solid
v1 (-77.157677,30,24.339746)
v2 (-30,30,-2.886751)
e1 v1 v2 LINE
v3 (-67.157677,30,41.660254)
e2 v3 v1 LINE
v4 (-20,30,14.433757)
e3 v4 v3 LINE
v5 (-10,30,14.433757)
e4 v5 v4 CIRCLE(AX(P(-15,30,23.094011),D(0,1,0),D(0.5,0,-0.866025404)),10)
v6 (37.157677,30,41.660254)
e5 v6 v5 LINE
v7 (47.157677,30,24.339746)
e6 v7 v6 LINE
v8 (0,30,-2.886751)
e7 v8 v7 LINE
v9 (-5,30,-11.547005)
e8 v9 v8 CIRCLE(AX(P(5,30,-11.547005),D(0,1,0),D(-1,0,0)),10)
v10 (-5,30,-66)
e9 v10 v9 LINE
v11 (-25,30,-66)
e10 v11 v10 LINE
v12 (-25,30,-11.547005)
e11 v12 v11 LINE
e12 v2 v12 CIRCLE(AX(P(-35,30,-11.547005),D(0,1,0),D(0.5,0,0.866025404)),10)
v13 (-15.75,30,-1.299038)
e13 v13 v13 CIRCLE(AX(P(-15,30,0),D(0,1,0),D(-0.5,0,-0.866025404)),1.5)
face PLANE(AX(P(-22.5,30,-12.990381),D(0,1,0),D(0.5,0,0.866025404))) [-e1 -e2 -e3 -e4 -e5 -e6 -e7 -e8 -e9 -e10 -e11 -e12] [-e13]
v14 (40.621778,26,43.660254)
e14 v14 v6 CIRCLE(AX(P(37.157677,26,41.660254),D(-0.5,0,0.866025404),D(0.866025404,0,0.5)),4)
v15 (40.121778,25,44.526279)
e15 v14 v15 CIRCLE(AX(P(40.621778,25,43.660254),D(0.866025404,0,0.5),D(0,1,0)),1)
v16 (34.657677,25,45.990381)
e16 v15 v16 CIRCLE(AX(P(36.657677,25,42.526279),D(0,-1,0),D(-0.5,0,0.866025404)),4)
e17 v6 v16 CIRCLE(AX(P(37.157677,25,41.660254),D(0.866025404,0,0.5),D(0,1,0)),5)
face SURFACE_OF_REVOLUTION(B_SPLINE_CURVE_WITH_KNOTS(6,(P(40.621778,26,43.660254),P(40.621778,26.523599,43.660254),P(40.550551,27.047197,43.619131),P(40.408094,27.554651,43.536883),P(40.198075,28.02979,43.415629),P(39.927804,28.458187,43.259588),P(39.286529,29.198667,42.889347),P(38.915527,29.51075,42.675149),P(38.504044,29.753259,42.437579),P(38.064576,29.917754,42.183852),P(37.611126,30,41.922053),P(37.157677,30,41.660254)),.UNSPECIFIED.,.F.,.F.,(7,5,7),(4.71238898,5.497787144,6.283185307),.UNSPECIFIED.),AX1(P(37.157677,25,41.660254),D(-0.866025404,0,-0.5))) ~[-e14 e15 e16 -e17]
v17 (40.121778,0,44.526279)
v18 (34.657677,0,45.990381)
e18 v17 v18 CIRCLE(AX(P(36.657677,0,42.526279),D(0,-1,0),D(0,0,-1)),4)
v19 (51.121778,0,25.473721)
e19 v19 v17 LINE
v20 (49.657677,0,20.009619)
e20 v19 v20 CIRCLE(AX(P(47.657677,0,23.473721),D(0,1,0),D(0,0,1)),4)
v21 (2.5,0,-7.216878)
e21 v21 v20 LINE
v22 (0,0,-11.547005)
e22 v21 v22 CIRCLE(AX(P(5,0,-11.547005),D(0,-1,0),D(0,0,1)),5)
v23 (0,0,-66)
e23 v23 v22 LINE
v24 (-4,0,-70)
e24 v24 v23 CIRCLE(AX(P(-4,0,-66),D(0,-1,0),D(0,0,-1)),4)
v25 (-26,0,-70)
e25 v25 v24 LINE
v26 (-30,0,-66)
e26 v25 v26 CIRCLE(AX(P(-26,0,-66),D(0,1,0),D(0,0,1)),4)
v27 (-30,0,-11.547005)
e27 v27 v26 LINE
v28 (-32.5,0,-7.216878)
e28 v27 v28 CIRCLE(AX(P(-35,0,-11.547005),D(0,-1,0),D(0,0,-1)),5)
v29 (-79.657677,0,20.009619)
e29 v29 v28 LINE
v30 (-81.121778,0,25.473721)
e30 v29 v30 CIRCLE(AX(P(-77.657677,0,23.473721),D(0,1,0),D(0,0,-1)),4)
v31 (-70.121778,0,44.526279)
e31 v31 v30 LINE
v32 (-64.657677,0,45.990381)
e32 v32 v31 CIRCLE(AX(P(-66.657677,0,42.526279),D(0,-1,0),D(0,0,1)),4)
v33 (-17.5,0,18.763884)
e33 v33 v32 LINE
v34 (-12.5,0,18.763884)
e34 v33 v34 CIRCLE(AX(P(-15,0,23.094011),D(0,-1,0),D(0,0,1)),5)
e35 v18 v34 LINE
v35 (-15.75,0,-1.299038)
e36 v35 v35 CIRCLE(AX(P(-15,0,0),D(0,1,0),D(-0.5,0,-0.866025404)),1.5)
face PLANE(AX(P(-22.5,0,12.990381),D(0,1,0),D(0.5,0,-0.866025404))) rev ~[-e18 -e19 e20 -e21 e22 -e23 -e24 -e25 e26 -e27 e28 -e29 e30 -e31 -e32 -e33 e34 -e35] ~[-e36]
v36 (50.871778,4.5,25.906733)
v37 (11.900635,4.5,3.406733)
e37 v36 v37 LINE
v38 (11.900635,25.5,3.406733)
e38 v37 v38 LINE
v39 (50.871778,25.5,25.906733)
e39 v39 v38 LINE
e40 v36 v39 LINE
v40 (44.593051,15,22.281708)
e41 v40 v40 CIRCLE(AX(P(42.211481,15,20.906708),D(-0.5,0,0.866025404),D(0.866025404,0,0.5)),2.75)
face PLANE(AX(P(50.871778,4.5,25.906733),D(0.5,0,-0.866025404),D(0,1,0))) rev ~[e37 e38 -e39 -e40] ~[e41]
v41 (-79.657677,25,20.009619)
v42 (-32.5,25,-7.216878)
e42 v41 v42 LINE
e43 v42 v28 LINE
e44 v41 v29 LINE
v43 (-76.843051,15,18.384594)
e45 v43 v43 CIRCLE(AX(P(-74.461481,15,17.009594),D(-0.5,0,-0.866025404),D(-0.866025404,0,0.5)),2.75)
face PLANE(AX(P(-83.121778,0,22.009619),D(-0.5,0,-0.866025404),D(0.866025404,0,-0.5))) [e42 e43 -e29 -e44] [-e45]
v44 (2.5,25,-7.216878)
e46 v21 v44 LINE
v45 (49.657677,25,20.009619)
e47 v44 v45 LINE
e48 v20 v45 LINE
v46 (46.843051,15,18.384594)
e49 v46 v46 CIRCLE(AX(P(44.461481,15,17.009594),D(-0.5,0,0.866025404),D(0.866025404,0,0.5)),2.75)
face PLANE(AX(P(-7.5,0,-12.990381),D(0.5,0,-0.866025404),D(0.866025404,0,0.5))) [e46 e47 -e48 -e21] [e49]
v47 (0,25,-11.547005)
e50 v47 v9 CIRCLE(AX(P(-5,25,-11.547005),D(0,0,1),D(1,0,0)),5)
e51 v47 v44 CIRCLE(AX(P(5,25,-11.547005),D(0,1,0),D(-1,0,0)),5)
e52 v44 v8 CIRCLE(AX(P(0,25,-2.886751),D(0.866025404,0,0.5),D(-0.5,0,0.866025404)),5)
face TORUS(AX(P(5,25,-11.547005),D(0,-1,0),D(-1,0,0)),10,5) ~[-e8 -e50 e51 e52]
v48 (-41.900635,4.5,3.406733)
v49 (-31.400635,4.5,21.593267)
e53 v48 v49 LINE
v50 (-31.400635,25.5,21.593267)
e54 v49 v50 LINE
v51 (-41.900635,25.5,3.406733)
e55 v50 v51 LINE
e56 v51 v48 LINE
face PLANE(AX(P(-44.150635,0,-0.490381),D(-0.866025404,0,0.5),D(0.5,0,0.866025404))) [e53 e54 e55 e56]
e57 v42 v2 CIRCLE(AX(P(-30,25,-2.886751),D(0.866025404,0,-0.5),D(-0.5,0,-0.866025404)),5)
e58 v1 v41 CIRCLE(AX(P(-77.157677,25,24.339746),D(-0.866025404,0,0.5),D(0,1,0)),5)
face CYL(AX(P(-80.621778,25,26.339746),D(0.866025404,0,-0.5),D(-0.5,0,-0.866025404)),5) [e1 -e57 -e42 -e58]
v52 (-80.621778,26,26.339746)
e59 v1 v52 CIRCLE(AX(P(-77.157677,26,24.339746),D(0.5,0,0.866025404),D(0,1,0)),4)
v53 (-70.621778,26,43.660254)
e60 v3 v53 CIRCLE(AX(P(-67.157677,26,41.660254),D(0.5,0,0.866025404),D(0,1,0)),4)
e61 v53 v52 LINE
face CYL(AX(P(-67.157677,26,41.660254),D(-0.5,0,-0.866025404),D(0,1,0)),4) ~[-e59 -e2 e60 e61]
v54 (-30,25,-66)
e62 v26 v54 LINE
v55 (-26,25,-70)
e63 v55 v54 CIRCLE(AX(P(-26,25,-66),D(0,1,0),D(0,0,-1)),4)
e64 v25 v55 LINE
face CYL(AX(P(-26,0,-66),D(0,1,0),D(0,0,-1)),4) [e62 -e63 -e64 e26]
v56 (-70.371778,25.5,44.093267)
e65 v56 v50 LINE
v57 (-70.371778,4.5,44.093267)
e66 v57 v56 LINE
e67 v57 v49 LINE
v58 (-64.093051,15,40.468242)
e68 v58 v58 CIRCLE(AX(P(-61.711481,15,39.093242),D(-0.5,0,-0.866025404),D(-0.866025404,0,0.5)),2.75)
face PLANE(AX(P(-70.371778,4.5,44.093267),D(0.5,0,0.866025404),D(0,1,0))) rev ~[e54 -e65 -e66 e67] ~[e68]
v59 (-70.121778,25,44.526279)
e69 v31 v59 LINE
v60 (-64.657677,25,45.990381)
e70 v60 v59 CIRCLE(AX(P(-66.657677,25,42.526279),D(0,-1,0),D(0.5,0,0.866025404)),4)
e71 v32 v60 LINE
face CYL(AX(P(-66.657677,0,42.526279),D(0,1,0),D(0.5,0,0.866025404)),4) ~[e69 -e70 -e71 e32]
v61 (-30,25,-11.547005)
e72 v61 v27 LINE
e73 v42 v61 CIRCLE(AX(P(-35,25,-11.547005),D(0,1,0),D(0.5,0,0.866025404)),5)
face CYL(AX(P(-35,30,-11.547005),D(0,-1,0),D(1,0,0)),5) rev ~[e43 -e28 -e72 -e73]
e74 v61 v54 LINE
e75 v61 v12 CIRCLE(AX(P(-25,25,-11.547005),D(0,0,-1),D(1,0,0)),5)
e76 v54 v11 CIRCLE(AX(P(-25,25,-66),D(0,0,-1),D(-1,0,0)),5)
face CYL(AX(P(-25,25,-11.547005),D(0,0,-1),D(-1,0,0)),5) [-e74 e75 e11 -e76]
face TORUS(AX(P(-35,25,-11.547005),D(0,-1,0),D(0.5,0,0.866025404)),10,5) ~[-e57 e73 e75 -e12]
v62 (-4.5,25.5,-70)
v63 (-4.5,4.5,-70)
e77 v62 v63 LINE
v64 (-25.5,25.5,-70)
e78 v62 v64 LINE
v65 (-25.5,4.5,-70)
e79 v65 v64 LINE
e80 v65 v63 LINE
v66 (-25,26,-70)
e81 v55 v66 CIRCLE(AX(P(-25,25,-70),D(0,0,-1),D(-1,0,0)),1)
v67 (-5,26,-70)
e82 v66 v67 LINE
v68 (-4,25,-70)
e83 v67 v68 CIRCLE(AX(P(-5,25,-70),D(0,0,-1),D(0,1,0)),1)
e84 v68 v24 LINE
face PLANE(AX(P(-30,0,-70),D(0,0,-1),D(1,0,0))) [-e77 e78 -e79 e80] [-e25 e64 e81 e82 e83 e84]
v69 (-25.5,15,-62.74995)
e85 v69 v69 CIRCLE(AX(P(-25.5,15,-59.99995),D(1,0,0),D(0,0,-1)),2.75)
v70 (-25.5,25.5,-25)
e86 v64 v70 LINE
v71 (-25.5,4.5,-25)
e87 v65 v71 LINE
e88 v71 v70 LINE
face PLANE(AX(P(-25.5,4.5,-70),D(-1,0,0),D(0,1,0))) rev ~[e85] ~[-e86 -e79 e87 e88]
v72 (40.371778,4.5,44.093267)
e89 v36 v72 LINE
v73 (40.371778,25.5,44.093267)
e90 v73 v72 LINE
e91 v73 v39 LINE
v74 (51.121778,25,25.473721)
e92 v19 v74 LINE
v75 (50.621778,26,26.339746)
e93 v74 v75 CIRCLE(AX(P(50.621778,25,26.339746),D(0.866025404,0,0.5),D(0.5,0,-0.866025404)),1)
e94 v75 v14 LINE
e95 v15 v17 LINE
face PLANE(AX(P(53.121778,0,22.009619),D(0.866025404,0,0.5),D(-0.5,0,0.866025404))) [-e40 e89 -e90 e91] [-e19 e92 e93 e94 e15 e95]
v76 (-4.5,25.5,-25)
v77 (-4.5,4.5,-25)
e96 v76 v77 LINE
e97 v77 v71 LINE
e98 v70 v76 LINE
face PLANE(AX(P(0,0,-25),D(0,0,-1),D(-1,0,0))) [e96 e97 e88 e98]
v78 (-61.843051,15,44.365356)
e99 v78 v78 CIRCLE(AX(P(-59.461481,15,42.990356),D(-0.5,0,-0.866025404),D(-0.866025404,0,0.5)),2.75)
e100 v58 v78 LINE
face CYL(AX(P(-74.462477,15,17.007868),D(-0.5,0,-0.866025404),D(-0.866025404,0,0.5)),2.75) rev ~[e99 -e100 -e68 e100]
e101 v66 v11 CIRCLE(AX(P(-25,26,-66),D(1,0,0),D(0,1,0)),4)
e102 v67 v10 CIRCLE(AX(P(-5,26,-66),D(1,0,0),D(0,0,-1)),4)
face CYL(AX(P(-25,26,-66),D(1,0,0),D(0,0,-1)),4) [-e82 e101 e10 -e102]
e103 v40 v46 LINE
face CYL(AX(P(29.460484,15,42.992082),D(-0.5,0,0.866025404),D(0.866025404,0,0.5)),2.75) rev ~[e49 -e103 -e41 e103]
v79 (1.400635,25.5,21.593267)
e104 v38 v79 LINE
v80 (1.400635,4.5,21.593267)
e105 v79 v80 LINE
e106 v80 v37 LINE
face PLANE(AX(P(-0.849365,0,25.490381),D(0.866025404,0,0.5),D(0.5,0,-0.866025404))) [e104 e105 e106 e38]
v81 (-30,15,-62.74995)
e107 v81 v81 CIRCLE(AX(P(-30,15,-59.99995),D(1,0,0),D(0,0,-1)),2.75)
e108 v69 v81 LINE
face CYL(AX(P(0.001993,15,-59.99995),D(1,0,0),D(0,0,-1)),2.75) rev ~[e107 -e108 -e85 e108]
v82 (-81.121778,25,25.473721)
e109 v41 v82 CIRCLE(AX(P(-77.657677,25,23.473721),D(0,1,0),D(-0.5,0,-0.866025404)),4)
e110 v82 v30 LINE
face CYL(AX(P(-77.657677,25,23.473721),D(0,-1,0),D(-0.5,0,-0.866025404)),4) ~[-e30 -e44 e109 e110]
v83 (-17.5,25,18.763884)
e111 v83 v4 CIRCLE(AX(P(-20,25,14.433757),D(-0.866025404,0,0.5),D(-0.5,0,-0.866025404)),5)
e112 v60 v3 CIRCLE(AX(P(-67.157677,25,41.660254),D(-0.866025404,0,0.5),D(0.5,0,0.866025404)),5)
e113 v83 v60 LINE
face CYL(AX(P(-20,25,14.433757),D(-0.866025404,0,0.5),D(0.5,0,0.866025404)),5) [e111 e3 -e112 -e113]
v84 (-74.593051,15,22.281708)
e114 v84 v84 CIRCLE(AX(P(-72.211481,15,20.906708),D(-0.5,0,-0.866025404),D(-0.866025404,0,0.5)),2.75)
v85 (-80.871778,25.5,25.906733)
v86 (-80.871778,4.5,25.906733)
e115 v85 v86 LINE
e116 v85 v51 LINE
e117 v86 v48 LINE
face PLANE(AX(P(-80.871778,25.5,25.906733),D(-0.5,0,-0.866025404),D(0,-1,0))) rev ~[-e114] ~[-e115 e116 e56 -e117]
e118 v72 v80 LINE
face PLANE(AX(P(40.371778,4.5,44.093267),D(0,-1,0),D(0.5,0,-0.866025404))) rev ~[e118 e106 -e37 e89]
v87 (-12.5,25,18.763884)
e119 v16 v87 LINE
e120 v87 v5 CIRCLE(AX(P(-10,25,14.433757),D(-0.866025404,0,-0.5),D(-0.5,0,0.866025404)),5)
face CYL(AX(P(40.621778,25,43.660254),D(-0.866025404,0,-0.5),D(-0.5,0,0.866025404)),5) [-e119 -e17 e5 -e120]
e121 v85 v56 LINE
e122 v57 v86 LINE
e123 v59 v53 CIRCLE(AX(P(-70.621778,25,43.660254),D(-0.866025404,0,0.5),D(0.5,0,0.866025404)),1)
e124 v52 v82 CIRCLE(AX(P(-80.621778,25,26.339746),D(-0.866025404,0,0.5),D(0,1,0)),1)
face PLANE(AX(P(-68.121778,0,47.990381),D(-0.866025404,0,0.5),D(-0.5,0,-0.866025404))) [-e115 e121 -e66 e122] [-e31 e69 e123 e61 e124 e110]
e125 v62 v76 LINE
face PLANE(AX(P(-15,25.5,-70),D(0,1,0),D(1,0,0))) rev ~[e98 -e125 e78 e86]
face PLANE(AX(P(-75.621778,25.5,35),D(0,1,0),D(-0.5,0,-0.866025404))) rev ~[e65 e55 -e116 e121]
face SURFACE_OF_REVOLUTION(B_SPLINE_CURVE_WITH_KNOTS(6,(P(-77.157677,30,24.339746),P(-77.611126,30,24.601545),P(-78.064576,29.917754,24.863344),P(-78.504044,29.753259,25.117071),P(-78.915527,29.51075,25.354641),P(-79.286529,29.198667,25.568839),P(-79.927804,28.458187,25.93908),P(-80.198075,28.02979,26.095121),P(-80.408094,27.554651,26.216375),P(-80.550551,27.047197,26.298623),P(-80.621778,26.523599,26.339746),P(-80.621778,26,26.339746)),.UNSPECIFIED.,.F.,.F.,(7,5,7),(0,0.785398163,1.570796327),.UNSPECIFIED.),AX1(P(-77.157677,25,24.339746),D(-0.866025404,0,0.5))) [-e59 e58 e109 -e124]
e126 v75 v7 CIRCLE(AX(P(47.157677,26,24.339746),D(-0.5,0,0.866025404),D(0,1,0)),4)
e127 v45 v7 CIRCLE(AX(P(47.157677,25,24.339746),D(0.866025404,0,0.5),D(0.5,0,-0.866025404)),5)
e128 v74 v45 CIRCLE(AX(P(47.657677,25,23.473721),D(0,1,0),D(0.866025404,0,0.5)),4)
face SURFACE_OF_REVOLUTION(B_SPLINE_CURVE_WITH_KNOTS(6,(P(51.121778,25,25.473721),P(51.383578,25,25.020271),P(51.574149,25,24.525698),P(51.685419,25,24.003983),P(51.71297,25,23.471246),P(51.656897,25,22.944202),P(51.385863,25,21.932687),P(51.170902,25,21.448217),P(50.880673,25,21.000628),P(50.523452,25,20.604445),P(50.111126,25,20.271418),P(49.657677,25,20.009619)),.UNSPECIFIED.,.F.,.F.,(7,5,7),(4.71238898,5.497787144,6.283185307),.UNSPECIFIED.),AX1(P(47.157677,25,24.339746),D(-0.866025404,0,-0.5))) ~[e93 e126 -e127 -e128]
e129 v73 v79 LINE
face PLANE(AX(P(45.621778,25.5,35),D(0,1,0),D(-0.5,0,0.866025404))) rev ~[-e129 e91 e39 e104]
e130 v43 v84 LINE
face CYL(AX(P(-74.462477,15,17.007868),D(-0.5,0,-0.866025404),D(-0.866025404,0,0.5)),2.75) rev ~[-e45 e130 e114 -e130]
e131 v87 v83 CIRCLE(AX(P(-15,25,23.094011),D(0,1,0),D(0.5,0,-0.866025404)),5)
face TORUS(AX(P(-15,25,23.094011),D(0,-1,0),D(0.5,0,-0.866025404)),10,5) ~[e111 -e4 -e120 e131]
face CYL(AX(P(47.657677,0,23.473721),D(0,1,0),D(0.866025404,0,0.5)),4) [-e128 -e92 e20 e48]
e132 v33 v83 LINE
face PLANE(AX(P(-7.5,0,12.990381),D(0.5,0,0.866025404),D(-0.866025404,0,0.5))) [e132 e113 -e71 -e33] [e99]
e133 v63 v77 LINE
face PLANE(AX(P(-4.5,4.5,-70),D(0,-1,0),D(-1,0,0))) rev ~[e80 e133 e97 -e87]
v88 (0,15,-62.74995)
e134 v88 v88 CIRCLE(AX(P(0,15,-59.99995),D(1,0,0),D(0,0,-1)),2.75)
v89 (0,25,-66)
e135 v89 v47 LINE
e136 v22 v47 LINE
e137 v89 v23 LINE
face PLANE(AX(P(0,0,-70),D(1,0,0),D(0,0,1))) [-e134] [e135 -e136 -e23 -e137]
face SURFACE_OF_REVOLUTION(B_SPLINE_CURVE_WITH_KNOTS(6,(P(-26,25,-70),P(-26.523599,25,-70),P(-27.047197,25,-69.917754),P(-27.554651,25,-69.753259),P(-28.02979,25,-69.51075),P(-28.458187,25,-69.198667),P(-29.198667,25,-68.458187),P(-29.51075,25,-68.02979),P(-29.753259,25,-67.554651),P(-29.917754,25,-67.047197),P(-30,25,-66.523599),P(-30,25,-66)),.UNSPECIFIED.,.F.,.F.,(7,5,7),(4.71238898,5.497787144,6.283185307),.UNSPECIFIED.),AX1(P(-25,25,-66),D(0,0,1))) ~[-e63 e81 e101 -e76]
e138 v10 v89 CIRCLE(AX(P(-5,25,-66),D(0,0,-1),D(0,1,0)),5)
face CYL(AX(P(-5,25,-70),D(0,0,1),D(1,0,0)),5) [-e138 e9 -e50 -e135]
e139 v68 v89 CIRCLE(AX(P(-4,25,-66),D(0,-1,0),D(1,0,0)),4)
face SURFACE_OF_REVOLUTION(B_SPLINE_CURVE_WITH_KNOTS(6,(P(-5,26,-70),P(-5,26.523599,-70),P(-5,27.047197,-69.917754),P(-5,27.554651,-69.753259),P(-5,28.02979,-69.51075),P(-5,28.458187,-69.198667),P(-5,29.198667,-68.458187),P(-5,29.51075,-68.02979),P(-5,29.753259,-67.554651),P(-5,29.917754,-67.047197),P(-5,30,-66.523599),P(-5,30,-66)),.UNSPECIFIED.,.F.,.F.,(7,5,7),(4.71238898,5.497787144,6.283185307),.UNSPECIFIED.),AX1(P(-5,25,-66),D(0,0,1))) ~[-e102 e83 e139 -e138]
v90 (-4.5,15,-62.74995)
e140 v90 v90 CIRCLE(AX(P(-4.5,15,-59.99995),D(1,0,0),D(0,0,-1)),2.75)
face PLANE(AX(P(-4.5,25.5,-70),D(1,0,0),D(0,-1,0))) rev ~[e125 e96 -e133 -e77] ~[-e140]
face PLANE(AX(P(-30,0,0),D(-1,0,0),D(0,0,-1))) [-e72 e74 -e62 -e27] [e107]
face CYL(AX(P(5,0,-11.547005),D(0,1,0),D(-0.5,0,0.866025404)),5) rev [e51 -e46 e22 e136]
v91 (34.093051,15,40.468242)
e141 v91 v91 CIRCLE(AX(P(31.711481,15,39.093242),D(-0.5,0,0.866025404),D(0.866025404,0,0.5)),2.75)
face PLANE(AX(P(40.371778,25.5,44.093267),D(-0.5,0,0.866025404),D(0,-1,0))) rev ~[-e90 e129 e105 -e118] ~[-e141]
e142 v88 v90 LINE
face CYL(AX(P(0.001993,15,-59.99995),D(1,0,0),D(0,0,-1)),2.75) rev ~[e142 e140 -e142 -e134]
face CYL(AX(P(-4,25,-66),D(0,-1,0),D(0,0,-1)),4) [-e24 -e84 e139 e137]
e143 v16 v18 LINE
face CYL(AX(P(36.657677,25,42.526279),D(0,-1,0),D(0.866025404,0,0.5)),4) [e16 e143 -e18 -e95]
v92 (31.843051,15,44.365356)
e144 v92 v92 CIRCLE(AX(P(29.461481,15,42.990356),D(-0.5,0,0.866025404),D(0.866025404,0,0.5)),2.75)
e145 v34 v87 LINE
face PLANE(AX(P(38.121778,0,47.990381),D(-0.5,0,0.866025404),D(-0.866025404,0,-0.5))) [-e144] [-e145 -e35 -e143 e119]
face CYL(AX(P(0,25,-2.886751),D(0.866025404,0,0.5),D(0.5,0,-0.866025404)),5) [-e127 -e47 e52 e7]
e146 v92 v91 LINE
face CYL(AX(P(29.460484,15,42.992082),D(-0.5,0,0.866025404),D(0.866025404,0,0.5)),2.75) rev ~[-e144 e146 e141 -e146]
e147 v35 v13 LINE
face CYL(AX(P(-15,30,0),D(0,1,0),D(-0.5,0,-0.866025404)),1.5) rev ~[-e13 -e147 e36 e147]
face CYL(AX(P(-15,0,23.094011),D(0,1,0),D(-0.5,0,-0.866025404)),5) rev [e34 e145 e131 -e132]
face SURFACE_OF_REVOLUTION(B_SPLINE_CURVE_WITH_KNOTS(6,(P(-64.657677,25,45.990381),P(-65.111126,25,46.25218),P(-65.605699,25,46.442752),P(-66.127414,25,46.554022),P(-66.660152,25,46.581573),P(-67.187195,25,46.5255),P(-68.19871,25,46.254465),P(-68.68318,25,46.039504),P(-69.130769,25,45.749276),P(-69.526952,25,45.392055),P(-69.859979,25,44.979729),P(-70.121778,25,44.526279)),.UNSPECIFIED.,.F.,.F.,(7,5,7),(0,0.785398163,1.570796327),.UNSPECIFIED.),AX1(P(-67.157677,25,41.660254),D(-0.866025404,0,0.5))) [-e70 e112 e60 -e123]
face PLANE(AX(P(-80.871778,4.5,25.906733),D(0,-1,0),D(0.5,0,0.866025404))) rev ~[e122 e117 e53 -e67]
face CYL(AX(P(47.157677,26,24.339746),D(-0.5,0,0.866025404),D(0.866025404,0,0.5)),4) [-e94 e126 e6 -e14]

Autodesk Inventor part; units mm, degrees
ref_plane "YZ Plane" through (0, 0, 0) normal (1, 0, 0) x (0, 1, 0)
ref_plane "XZ Plane" through (0, 0, 0) normal (0, 1, 0) x (-1, 0, 0)
ref_plane "XY Plane" through (0, 0, 0) normal (0, 0, 1) x (1, 0, 0)
sketch "Sketch1" plane through (0, 0, 0) normal (0, 1, 0) x (-1, 0, 0)
  line L0 (0, 0) -> (30, 0)
  line L1 (30, 0) -> (30, -70)
  line L2 (30, -70) -> (0, -70)
  line L3 (0, -70) -> (0, 0)
  dimension "d0" = 30
  dimension "d1" = 70
extrude "Extrusion1" add sketch "Sketch1" along normal blind 30
sketch "Sketch6" plane through (0, 30, 0) normal (0, 1, 0) x (1, 0, 0)
  line L0 (0, 0) -> (-15, 0)
  line L1 (-30, 0) -> (0, 0) projected
  circle A0 centre (-15, 0) radius 1.5
  dimension "d32" = 3
extrude "Extrusion6" cut sketch "Sketch6" against normal blind 30
pattern_circular "Circular Pattern4" count 3 over 360 about axis through (-15, 30, 0) along (0, -1, 0) of "Extrusion1", "Extrusion6"
sketch "Sketch7" plane through (0, 0, -70) normal (0, 0, -1) x (-1, 0, 0)
  line L0 (4.5, 4.5) -> (25.5, 4.5)
  line L1 (25.5, 4.5) -> (25.5, 25.5)
  line L2 (25.5, 25.5) -> (4.5, 25.5)
  line L3 (4.5, 25.5) -> (4.5, 4.5)
  line L4 (15, 30) -> (15, 0) projected
  line L5 (4.5, 4.5) -> (25.5, 25.5) construction
  line L6 (25.5, 4.5) -> (4.5, 25.5) construction
  point P0 (0, 0)
  point P1 (15, 15)
  dimension "d38" = 21
  dimension "d39" = 21
extrude "Extrusion7" cut sketch "Sketch7" against normal blind 45
pattern_circular "Circular Pattern5" count 3 over 360 about axis through (-15, 30, 0) along (0, -1, 0) of "Extrusion7"
sketch "Sketch8" plane through (-15, 0, 17.3205) normal (-0.5, 0, 0.866) x (0.866, 0, 0.5)
  line L0 (61.3397, 0) -> (61.3397, 30) projected
  line L1 (61.3397, 15) -> (51.3397, 15)
  circle A0 centre (51.3397, 15) radius 2.75
  point P0 (4.3301, 0)
  dimension "d45" = 10
  dimension "d46" = 5.5
extrude "Extrusion8" cut sketch "Sketch8" against normal blind 30
pattern_circular "Circular Pattern6" count 3 over 360 about axis through (-15, 30, 0) along (0, -1, 0) of "Extrusion8"
fillet "Fillet5" radius 5 3 edges at (-15, 15, 17.3205) (0, 15, -8.6603) (-30, 15, -8.6603)
fillet "Fillet6" radius 5 6 edges at (-30, 30, -40.7735) (-57.8109, 30, 7.3964) (12.8109, 30, 33.3771) (-42.8109, 30, 33.3771) (27.8109, 30, 7.3964) (0, 30, -40.7735)
fillet "Fillet7" radius 4 15 edges at (-28.5355, 28.5355, -70) (-30, 12.5, -70) (-1.4645, 28.5355, -70) (0, 12.5, -70) (-15, 30, -70) (-68.854, 28.5355, 46.7221) (-68.1218, 12.5, 47.9904) (-82.3895, 28.5355, 23.2779) (-83.1218, 12.5, 22.0096) (-75.6218, 30, 35) (52.3895, 28.5355, 23.2779) (53.1218, 12.5, 22.0096) (38.854, 28.5355, 46.7221) (38.1218, 12.5, 47.9904) (45.6218, 30, 35)
properties part number "80_20_bot_connector"
